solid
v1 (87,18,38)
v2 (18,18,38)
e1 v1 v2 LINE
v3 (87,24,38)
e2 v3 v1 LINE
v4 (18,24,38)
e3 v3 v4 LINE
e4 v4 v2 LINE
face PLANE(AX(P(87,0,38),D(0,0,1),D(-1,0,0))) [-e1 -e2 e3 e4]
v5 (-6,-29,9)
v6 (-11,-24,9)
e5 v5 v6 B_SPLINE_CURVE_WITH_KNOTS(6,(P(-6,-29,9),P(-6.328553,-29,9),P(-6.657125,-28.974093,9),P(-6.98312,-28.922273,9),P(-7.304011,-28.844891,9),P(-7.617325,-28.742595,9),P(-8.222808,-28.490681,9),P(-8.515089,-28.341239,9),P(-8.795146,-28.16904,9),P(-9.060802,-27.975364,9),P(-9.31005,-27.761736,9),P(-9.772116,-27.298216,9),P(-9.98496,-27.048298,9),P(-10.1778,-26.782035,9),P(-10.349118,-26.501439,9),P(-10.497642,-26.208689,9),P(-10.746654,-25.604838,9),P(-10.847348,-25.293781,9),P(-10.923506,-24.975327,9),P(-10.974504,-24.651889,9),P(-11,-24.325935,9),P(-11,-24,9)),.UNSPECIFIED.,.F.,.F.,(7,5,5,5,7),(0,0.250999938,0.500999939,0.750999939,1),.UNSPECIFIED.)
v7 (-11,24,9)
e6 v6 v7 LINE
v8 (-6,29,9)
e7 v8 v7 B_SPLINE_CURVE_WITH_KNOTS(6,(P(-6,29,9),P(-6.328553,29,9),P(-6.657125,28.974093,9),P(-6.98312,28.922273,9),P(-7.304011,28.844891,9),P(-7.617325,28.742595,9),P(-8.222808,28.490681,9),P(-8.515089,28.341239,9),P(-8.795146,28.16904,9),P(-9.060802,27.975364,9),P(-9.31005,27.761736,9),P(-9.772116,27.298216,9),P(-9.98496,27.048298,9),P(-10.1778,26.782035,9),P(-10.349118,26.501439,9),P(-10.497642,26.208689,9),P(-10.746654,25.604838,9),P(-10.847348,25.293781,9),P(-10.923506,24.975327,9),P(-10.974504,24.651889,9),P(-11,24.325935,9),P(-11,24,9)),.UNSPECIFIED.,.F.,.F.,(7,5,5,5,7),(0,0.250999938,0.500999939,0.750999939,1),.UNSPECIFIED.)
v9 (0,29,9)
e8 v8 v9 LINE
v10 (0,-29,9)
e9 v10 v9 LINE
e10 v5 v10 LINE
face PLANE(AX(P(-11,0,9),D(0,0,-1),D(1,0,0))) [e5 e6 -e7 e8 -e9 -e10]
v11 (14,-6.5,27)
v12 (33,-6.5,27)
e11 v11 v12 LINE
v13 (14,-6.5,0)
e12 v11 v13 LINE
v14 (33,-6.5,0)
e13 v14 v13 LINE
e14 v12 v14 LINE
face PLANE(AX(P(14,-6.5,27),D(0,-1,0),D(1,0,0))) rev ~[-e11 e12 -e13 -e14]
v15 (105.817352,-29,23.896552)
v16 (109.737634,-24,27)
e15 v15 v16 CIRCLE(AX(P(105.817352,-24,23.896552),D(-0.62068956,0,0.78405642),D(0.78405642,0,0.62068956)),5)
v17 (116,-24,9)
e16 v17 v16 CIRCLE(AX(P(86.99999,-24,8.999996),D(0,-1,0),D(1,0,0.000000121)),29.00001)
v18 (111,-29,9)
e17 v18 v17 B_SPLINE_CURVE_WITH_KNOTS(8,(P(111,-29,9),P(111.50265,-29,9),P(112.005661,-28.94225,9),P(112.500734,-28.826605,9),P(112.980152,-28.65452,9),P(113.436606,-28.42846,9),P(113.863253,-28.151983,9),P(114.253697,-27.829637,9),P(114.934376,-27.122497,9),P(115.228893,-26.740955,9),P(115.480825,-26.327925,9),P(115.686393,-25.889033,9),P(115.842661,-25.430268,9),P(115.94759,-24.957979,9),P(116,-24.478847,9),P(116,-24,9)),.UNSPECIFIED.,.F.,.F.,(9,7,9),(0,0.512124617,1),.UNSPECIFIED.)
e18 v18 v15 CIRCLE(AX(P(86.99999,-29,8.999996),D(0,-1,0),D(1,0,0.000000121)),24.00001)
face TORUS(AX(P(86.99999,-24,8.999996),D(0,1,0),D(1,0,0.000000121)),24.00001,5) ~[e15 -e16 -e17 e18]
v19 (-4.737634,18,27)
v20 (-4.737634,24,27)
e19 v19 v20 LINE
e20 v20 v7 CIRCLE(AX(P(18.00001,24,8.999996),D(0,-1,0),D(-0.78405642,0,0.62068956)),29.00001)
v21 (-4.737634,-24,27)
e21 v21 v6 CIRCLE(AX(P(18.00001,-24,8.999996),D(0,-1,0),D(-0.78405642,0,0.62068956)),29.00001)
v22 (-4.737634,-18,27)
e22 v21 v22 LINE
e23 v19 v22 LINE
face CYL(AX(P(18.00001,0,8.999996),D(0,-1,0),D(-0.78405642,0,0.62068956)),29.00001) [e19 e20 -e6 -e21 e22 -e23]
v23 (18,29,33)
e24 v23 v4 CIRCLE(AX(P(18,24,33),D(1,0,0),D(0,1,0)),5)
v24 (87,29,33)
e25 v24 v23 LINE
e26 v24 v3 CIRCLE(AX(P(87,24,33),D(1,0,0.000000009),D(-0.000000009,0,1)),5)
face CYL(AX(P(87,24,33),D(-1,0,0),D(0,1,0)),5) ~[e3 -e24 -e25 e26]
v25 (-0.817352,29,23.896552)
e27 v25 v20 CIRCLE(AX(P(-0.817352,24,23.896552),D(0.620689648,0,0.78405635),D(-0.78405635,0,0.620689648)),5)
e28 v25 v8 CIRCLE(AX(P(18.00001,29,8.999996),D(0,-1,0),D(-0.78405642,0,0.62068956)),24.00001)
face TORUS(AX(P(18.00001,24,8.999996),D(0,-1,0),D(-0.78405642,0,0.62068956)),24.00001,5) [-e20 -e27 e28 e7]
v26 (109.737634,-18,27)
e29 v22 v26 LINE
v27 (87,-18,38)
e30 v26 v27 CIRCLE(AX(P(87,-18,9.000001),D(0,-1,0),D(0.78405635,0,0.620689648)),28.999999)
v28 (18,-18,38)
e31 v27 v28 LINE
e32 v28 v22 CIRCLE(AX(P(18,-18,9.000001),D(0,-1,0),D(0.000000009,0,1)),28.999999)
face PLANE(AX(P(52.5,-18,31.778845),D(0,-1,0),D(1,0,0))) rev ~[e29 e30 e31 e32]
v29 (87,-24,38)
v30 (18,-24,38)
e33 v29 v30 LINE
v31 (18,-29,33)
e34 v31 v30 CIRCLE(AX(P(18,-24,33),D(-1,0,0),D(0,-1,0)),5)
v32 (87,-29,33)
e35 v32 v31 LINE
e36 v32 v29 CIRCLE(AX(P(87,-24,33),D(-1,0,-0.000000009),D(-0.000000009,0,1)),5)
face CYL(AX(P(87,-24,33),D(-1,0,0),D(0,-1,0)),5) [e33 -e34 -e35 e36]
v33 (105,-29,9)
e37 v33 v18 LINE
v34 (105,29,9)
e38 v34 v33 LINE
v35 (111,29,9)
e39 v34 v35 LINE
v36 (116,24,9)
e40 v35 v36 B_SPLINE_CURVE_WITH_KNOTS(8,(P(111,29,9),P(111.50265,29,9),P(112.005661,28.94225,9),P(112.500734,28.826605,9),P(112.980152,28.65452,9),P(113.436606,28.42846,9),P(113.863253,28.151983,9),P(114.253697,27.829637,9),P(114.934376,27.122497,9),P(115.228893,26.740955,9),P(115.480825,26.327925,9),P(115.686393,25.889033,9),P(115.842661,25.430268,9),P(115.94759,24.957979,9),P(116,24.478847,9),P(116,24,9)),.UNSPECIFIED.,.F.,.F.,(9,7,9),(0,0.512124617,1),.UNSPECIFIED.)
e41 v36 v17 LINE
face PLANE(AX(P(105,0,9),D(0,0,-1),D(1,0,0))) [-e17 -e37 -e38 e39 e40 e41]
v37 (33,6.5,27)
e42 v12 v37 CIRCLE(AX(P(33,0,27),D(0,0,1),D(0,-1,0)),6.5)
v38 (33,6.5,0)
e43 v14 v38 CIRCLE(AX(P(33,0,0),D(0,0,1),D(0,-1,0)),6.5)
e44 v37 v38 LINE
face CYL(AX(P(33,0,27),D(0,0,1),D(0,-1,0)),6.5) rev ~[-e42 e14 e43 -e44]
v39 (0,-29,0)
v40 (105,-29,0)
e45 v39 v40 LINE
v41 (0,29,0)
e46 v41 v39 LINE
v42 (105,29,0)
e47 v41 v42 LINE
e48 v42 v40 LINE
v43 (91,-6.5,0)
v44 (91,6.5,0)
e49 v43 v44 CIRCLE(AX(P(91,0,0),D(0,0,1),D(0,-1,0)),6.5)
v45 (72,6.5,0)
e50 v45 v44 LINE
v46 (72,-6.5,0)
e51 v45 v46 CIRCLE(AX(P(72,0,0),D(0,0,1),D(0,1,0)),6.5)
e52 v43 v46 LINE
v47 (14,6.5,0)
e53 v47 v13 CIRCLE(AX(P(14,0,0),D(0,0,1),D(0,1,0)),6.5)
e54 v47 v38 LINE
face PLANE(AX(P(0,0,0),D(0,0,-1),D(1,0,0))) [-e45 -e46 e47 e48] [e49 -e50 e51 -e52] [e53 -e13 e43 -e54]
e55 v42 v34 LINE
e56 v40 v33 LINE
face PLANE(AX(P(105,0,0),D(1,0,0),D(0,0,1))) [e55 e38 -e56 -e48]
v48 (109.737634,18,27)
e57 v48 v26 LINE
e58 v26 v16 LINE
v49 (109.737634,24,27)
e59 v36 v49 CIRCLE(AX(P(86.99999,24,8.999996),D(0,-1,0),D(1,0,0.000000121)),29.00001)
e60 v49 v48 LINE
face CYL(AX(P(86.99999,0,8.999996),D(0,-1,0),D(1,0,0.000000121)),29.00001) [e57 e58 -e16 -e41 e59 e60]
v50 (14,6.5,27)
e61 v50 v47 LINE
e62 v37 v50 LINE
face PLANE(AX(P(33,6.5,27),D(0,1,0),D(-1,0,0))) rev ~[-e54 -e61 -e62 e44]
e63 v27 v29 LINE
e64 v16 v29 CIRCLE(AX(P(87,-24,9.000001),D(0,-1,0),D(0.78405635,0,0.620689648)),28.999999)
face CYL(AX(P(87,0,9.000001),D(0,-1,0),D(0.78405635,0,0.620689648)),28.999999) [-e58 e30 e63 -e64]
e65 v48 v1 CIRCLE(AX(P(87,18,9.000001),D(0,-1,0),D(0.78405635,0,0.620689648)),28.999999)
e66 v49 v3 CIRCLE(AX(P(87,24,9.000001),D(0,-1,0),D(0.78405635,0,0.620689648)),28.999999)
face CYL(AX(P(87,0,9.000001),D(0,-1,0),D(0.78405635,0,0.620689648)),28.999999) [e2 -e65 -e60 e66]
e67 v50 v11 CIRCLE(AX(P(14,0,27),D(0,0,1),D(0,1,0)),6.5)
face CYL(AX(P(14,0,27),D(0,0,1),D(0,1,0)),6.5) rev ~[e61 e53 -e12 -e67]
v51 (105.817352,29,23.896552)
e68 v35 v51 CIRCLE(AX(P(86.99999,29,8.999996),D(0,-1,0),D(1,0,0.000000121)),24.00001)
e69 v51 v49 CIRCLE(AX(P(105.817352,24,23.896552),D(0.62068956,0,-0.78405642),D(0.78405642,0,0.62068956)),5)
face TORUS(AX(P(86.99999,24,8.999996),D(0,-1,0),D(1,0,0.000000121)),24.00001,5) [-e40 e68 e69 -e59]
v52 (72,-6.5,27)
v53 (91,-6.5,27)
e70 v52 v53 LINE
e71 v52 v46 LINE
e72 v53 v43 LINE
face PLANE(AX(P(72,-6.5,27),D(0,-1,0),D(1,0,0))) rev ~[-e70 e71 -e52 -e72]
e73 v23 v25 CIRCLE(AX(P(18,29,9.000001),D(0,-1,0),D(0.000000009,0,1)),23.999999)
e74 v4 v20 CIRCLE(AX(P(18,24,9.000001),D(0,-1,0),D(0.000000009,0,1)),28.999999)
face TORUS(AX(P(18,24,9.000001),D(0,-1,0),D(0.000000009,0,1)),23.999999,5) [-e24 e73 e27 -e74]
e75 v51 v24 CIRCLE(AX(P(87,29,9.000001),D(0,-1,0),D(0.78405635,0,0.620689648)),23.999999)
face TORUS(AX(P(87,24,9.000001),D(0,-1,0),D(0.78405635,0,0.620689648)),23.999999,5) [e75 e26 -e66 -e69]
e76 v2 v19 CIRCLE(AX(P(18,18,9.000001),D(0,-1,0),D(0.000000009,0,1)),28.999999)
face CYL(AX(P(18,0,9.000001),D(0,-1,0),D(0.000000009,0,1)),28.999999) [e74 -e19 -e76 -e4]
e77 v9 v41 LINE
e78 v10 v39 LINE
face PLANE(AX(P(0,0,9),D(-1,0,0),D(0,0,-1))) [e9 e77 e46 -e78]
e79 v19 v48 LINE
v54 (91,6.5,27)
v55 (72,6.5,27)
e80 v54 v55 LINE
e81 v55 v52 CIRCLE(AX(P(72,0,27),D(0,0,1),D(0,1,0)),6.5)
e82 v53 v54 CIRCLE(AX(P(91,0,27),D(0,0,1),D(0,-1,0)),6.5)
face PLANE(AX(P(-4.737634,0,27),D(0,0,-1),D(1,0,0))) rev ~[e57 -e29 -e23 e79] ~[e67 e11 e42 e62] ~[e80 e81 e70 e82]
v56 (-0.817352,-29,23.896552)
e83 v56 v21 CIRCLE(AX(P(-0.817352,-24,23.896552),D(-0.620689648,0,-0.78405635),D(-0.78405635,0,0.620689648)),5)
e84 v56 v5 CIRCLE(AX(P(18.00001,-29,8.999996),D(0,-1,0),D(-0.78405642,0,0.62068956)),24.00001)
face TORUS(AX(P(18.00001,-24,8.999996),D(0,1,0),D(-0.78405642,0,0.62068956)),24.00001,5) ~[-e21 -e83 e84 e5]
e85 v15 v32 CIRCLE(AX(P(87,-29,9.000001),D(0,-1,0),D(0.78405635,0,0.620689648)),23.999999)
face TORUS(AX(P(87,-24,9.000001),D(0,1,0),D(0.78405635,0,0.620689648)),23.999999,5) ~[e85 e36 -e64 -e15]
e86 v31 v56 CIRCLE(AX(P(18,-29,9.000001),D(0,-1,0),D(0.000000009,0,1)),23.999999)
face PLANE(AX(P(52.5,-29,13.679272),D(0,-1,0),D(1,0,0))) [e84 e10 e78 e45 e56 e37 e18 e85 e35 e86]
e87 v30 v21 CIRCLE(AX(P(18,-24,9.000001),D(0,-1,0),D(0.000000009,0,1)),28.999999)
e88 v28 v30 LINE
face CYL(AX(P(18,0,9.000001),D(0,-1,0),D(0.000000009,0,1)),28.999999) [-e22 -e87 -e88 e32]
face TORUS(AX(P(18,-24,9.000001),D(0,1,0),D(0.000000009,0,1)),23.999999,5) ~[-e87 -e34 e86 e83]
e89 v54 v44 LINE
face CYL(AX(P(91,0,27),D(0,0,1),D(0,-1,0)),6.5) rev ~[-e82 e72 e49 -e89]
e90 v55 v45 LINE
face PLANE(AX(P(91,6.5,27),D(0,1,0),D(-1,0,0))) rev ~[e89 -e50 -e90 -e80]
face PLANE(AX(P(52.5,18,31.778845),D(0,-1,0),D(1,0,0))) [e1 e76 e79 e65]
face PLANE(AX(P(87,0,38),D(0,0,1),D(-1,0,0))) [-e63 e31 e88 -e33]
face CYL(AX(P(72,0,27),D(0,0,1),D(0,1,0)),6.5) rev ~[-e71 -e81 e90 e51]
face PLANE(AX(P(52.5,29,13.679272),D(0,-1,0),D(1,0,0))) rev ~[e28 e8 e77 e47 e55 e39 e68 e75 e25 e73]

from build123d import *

# Parameters (mm, degrees)
F1_DEPTH = 29
F2_DEPTH = 18
F4_DEPTH = 27.001
F5_R     = 5


with BuildPart() as f1:
    # F0 (on Front) → F1 (new body, symmetric)
    with BuildSketch(Plane.XZ):
        with BuildLine():
            Line((0, 9), (0, 0))
            Line((0, 0), (105, 0))
            Line((105, 0), (105, 9))
            Line((105, 9), (116, 9))
            ThreePointArc((116, 9), (114.3897, 18.529129), (109.737634, 27))
            Line((109.737634, 27), (-4.737634, 27))
            ThreePointArc((-4.737634, 27), (-9.3897, 18.529129), (-11, 9))
            Line((-11, 9), (0, 9))
        make_face()
        with BuildLine():
            ThreePointArc((18, 38), (5.370669, 35.105555), (-4.737634, 27))
            Line((-4.737634, 27), (109.737634, 27))
            ThreePointArc((109.737634, 27), (99.629331, 35.105555), (87, 38))
            Line((87, 38), (18, 38))
        make_face()
    extrude(amount=F1_DEPTH, both=True)

    # F0 (on Front) → F2 (cut, symmetric)
    with BuildSketch(Plane.XZ):
        with BuildLine():
            ThreePointArc((18, 38), (5.370669, 35.105555), (-4.737634, 27))
            Line((-4.737634, 27), (109.737634, 27))
            ThreePointArc((109.737634, 27), (99.629331, 35.105555), (87, 38))
            Line((87, 38), (18, 38))
        make_face()
    extrude(amount=F2_DEPTH, both=True, mode=Mode.SUBTRACT)

    # F3 (on face) → F4 (cut, through all)
    with BuildSketch(Plane.XY.offset(27)):
        with BuildLine():
            ThreePointArc((14, 6.5), (7.5, 0), (14, -6.5))
            Line((14, -6.5), (33, -6.5))
            ThreePointArc((33, -6.5), (39.5, 0), (33, 6.5))
            Line((33, 6.5), (14, 6.5))
        make_face()
        with BuildLine():
            ThreePointArc((72, 6.5), (65.5, 0), (72, -6.5))
            Line((72, -6.5), (91, -6.5))
            ThreePointArc((91, -6.5), (97.5, 0), (91, 6.5))
            Line((91, 6.5), (72, 6.5))
        make_face()
    extrude(amount=-F4_DEPTH, mode=Mode.SUBTRACT)

    # F5
    f5_edges = [f1.edges().sort_by_distance(p)[0] for p in [
        (107.506097, -29, 29.506097),
        (107.506097, 29, 29.506097),
    ]]
    fillet(f5_edges, radius=F5_R)


solid = f1.part
